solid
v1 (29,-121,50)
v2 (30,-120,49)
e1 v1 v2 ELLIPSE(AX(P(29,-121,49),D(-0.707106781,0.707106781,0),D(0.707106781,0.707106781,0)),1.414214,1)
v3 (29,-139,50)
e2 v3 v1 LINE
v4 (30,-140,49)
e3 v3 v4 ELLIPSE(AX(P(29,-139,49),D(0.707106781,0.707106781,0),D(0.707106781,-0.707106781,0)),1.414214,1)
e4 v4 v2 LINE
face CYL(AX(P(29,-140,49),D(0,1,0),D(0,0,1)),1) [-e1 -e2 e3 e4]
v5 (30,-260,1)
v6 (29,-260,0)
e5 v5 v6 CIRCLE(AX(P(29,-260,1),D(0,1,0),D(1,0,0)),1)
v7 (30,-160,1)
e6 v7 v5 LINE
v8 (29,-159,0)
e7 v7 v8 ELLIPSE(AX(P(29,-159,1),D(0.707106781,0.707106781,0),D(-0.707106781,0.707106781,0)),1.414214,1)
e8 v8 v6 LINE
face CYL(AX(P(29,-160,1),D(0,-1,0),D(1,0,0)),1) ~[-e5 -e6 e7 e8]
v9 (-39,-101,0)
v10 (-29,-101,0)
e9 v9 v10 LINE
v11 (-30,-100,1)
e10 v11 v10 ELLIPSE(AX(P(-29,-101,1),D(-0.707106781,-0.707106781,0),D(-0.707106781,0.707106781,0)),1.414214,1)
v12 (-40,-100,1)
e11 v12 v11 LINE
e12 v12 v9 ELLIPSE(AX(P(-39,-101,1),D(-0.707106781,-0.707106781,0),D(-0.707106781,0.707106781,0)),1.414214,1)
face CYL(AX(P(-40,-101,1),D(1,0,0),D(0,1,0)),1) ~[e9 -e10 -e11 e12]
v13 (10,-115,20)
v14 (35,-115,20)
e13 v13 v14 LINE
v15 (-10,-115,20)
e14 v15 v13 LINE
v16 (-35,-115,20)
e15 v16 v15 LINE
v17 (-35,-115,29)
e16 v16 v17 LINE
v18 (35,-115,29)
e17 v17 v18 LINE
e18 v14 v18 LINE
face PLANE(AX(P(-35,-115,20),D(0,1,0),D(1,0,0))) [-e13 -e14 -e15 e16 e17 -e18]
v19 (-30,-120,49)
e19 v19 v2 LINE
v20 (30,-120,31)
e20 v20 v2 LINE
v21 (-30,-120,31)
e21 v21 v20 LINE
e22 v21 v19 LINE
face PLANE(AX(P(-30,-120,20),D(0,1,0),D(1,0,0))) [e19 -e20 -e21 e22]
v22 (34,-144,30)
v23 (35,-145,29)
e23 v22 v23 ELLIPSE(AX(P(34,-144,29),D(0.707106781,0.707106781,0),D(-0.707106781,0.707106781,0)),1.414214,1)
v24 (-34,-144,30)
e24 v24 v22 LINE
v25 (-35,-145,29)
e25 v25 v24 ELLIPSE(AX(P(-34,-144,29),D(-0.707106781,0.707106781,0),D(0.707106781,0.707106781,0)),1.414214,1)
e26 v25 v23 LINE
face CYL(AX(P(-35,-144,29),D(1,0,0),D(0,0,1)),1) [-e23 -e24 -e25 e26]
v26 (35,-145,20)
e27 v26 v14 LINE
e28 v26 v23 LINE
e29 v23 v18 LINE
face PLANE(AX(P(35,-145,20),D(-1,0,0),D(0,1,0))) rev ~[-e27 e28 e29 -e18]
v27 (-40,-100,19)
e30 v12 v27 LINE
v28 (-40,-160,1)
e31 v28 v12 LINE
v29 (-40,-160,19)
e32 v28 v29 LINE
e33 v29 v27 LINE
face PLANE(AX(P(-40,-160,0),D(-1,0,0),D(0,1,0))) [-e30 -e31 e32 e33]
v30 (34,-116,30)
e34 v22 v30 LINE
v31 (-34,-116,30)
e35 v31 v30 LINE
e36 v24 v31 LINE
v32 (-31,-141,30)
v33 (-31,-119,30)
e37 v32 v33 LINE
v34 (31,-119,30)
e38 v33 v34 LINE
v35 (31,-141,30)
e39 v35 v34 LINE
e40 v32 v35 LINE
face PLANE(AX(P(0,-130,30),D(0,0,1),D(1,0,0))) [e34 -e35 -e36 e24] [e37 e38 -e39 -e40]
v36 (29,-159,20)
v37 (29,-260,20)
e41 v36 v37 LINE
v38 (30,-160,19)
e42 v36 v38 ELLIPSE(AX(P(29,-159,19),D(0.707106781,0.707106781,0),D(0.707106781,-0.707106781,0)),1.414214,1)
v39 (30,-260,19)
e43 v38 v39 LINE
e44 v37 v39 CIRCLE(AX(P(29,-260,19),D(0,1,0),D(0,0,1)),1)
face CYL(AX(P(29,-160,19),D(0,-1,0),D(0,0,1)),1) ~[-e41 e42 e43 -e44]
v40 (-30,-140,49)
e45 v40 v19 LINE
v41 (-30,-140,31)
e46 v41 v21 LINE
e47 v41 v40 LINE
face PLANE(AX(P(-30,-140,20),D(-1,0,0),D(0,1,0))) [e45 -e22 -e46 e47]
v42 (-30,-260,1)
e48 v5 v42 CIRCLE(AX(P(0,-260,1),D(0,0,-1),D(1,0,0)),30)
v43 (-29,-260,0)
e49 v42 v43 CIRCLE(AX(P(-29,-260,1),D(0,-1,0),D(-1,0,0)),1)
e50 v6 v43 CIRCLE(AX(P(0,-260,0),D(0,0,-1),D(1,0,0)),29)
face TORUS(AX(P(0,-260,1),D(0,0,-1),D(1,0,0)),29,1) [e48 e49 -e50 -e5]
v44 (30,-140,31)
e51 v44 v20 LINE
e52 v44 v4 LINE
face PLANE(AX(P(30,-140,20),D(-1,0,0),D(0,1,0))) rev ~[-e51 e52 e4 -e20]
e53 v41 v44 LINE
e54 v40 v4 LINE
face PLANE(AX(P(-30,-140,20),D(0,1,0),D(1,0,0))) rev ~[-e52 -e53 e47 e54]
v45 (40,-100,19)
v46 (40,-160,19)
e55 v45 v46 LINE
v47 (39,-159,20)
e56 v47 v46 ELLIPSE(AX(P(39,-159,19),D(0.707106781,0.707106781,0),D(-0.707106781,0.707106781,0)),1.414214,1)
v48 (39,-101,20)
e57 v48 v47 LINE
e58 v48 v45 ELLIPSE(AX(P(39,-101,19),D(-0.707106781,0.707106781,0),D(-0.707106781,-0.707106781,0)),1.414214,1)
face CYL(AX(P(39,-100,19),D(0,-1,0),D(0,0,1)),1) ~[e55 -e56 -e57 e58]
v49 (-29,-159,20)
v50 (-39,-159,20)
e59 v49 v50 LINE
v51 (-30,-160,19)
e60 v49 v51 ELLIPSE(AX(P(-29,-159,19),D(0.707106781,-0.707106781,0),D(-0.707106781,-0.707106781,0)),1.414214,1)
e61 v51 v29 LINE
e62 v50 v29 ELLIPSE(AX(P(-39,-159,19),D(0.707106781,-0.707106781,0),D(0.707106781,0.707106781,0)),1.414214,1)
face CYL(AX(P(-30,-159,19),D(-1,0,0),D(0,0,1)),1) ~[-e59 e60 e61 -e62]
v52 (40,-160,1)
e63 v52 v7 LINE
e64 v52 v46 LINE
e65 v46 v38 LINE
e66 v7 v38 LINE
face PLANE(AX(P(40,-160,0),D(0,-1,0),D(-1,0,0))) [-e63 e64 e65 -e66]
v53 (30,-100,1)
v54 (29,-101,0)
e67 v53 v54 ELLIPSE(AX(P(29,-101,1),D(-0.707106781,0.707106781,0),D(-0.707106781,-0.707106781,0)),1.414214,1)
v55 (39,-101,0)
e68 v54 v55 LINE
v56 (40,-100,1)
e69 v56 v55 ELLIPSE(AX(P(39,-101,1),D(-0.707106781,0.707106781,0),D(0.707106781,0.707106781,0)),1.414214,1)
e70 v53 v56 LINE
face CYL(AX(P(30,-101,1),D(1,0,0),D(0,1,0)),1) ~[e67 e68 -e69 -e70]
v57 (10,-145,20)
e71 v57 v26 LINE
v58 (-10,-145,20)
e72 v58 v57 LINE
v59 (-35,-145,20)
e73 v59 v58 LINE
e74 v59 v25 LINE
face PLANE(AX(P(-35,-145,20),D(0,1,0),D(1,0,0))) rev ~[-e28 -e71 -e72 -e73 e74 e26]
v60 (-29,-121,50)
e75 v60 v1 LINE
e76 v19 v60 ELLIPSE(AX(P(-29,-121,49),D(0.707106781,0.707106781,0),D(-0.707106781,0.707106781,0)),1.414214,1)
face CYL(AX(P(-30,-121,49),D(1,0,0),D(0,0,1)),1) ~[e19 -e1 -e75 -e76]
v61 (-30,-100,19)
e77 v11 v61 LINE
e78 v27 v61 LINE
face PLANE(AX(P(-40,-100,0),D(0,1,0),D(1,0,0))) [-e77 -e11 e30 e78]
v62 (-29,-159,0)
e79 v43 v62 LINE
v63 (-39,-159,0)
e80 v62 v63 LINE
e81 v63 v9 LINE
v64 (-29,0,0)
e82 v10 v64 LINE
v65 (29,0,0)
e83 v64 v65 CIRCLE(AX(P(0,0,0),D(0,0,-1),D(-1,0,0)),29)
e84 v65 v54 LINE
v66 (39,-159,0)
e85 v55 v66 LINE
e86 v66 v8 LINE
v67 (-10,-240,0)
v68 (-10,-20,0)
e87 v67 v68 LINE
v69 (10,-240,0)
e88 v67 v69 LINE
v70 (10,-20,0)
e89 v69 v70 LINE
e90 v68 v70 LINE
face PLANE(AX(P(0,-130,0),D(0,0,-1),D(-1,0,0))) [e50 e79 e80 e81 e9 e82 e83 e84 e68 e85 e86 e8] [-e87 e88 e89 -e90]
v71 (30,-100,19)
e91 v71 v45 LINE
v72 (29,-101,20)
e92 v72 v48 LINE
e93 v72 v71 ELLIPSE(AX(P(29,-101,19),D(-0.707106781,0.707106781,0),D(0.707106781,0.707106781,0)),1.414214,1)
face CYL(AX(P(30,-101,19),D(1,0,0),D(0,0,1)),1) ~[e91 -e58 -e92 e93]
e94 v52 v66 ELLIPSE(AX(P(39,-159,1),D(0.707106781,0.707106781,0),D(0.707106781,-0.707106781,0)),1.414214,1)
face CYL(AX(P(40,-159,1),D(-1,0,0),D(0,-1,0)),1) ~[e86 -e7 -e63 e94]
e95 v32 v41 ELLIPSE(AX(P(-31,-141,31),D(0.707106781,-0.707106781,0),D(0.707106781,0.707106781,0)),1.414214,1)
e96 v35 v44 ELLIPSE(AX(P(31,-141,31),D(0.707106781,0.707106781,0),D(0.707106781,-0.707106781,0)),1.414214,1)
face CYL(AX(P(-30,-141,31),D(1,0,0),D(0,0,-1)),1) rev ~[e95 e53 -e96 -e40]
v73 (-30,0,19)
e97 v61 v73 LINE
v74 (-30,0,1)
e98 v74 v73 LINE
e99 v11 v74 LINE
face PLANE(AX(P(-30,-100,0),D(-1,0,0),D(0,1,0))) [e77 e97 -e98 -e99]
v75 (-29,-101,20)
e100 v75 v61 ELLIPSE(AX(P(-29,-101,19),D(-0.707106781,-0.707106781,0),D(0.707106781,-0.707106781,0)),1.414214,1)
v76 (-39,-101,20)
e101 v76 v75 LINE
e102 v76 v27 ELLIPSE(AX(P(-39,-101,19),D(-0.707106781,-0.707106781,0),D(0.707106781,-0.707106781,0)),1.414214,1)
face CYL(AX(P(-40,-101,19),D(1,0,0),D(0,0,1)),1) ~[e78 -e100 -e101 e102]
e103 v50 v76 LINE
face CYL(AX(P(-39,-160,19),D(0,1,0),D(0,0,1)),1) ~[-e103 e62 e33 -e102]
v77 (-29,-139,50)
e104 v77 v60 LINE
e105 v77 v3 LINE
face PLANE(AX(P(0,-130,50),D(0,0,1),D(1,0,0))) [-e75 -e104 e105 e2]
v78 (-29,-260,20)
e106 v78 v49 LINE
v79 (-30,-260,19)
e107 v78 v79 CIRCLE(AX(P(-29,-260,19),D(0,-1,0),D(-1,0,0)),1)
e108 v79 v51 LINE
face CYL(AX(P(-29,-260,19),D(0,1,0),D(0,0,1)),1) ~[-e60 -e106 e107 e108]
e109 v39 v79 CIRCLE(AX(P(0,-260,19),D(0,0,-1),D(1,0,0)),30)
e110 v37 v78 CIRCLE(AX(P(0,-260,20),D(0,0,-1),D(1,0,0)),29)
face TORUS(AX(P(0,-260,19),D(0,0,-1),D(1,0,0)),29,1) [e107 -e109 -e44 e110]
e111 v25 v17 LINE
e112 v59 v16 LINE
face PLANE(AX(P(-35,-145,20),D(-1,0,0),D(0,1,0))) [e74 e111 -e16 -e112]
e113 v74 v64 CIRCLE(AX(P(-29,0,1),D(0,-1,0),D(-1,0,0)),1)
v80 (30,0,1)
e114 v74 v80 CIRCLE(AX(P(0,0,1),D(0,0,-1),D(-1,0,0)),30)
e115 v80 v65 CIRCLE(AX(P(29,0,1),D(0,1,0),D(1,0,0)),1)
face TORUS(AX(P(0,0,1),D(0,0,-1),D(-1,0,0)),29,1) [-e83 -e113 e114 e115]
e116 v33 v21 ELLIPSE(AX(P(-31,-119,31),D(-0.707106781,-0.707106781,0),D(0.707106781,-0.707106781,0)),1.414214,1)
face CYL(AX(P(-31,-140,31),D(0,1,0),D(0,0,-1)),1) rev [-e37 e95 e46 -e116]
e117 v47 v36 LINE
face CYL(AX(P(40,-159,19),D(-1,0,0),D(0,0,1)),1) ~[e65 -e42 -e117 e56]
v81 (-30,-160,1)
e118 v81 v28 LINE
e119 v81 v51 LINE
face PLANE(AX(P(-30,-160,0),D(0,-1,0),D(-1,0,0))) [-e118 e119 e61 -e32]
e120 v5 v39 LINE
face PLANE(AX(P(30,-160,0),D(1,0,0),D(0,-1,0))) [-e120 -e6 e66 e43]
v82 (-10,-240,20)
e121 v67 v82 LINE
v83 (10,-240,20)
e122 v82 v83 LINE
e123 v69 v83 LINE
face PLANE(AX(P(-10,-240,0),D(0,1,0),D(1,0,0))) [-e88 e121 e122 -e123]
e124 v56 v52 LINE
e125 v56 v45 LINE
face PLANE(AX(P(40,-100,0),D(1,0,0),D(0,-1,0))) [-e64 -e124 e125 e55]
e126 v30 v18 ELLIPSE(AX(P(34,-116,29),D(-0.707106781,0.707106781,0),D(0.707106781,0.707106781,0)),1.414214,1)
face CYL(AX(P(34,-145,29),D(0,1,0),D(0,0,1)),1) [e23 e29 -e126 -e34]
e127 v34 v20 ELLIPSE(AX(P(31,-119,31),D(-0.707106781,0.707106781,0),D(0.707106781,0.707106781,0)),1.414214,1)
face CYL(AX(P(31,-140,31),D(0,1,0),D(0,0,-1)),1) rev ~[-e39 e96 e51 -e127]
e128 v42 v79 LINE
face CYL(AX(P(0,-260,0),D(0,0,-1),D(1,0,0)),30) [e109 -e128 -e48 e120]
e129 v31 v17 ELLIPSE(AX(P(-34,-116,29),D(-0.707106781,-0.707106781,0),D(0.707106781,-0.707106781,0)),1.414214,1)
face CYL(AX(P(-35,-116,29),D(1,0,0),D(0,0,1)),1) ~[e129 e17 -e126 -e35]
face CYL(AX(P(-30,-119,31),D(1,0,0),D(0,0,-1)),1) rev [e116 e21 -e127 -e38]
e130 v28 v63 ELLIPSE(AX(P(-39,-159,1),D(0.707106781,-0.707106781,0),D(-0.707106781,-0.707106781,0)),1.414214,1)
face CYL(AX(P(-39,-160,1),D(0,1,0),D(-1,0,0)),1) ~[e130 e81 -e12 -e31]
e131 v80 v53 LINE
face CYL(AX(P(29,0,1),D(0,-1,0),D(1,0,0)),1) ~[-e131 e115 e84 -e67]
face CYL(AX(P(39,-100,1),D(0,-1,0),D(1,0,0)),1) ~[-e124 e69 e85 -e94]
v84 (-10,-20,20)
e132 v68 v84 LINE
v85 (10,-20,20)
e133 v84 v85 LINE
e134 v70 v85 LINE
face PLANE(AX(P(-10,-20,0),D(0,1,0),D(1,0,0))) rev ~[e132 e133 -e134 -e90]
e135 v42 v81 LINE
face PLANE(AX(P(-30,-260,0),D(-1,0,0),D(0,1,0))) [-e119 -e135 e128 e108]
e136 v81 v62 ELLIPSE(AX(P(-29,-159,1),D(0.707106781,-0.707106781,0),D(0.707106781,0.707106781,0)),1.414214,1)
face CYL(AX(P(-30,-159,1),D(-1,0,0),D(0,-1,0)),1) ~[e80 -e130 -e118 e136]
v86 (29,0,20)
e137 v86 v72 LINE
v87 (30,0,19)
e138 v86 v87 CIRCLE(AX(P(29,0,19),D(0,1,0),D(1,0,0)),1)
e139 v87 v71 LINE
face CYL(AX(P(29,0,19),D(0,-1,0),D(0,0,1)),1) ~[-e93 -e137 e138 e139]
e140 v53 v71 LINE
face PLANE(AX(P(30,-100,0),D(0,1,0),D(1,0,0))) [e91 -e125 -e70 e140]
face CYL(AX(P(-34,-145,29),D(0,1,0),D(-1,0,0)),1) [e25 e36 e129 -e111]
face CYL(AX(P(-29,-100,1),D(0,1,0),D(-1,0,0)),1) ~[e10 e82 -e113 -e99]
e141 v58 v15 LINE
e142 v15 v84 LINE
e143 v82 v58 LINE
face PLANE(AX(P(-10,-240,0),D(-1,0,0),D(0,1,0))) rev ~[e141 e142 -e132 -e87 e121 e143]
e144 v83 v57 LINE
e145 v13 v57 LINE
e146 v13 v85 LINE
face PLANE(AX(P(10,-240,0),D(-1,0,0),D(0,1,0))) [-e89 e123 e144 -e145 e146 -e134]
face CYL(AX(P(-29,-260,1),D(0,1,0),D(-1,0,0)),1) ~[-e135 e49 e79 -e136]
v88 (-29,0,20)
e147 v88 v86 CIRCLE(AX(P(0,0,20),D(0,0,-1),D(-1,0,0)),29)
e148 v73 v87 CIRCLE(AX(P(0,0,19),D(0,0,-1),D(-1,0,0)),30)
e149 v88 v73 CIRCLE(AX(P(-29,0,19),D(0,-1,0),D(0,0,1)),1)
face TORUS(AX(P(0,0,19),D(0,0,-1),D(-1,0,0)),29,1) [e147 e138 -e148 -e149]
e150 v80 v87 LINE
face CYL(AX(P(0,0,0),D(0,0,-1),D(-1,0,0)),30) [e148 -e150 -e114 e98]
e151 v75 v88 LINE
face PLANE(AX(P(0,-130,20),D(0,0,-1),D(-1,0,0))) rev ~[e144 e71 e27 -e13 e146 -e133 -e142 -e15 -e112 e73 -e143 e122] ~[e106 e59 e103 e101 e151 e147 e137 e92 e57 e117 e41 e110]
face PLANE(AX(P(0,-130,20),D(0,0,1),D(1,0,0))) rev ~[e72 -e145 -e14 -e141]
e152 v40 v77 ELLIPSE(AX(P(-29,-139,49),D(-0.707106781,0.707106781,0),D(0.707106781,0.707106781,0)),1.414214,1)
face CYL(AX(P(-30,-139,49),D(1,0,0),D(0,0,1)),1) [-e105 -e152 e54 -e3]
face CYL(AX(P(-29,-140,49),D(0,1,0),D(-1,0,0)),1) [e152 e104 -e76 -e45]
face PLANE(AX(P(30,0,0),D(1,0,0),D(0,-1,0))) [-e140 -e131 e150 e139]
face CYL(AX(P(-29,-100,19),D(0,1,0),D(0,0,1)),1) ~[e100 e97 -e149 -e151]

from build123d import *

# Parameters (mm, degrees)
SKETCH1_W           = 20
SKETCH1_H           = 220
BOSS_EXTRUDE1_DEPTH = 20
SKETCH2_W           = 60
SKETCH2_H           = 20
BOSS_EXTRUDE2_DEPTH = 30
SKETCH3_W           = 70
SKETCH3_H           = 30
SKETCH3_W_2         = 60
SKETCH3_H_2         = 20
BOSS_EXTRUDE3_DEPTH = 10
FILLET1_R           = 1
FILLET2_R           = 1


with BuildPart() as part:
    # Sketch1 → Boss-Extrude1 (new body)
    with BuildSketch(Plane.XY):
        with BuildLine():
            Line((30, 0), (30, -100))
            Line((30, -100), (40, -100))
            Line((40, -100), (40, -160))
            Line((40, -160), (30, -160))
            Line((30, -160), (30, -260))
            ThreePointArc((30, -260), (0, -290), (-30, -260))
            Line((-30, -260), (-30, -160))
            Line((-30, -160), (-40, -160))
            Line((-40, -160), (-40, -100))
            Line((-40, -100), (-30, -100))
            Line((-30, -100), (-30, 0))
            ThreePointArc((-30, 0), (0, 30), (30, 0))
        make_face()
        with Locations((0, -130)):
            Rectangle(SKETCH1_W, SKETCH1_H, mode=Mode.SUBTRACT)
    extrude(amount=BOSS_EXTRUDE1_DEPTH)

    # Sketch2 → Boss-Extrude2 (add)
    with BuildSketch(Plane.XY.offset(20)):
        with Locations((0, -130)):
            Rectangle(SKETCH2_W, SKETCH2_H)
    extrude(amount=BOSS_EXTRUDE2_DEPTH)

    # Sketch3 → Boss-Extrude3 (add)
    with BuildSketch(Plane.XY.offset(20)):
        with Locations((0, -130)):
            Rectangle(SKETCH3_W, SKETCH3_H)
        with Locations((0, -130)):
            Rectangle(SKETCH3_W_2, SKETCH3_H_2, mode=Mode.SUBTRACT)
    extrude(amount=BOSS_EXTRUDE3_DEPTH)

    # Fillet1
    fillet1_edges = [part.edges().sort_by_distance(p)[0] for p in [
        (-30, -130, 50),
        (0, -140, 50),
        (30, -130, 50),
        (0, -120, 50),
        (35, -130, 30),
        (0, -115, 30),
        (-35, -130, 30),
        (0, -145, 30),
        (0, -120, 30),
        (-30, -130, 30),
        (0, -140, 30),
        (30, -130, 30),
    ]]
    fillet(fillet1_edges, radius=FILLET1_R)

    # Fillet2
    fillet2_edges = [part.edges().sort_by_distance(p)[0] for p in [
        (30, -50, 0),
        (35, -100, 0),
        (-35, -100, 20),
        (40, -130, 0),
        (35, -160, 0),
        (30, -210, 0),
        (0, -290, 0),
        (-30, -210, 0),
        (-35, -160, 0),
        (-40, -130, 0),
        (-35, -100, 0),
        (-30, -50, 0),
        (0, 30, 0),
        (-40, -130, 20),
        (-35, -160, 20),
        (-30, -210, 20),
        (0, -290, 20),
        (30, -210, 20),
        (35, -160, 20),
        (40, -130, 20),
        (35, -100, 20),
        (30, -50, 20),
        (0, 30, 20),
        (-30, -50, 20),
    ]]
    fillet(fillet2_edges, radius=FILLET2_R)


solid = part.part
